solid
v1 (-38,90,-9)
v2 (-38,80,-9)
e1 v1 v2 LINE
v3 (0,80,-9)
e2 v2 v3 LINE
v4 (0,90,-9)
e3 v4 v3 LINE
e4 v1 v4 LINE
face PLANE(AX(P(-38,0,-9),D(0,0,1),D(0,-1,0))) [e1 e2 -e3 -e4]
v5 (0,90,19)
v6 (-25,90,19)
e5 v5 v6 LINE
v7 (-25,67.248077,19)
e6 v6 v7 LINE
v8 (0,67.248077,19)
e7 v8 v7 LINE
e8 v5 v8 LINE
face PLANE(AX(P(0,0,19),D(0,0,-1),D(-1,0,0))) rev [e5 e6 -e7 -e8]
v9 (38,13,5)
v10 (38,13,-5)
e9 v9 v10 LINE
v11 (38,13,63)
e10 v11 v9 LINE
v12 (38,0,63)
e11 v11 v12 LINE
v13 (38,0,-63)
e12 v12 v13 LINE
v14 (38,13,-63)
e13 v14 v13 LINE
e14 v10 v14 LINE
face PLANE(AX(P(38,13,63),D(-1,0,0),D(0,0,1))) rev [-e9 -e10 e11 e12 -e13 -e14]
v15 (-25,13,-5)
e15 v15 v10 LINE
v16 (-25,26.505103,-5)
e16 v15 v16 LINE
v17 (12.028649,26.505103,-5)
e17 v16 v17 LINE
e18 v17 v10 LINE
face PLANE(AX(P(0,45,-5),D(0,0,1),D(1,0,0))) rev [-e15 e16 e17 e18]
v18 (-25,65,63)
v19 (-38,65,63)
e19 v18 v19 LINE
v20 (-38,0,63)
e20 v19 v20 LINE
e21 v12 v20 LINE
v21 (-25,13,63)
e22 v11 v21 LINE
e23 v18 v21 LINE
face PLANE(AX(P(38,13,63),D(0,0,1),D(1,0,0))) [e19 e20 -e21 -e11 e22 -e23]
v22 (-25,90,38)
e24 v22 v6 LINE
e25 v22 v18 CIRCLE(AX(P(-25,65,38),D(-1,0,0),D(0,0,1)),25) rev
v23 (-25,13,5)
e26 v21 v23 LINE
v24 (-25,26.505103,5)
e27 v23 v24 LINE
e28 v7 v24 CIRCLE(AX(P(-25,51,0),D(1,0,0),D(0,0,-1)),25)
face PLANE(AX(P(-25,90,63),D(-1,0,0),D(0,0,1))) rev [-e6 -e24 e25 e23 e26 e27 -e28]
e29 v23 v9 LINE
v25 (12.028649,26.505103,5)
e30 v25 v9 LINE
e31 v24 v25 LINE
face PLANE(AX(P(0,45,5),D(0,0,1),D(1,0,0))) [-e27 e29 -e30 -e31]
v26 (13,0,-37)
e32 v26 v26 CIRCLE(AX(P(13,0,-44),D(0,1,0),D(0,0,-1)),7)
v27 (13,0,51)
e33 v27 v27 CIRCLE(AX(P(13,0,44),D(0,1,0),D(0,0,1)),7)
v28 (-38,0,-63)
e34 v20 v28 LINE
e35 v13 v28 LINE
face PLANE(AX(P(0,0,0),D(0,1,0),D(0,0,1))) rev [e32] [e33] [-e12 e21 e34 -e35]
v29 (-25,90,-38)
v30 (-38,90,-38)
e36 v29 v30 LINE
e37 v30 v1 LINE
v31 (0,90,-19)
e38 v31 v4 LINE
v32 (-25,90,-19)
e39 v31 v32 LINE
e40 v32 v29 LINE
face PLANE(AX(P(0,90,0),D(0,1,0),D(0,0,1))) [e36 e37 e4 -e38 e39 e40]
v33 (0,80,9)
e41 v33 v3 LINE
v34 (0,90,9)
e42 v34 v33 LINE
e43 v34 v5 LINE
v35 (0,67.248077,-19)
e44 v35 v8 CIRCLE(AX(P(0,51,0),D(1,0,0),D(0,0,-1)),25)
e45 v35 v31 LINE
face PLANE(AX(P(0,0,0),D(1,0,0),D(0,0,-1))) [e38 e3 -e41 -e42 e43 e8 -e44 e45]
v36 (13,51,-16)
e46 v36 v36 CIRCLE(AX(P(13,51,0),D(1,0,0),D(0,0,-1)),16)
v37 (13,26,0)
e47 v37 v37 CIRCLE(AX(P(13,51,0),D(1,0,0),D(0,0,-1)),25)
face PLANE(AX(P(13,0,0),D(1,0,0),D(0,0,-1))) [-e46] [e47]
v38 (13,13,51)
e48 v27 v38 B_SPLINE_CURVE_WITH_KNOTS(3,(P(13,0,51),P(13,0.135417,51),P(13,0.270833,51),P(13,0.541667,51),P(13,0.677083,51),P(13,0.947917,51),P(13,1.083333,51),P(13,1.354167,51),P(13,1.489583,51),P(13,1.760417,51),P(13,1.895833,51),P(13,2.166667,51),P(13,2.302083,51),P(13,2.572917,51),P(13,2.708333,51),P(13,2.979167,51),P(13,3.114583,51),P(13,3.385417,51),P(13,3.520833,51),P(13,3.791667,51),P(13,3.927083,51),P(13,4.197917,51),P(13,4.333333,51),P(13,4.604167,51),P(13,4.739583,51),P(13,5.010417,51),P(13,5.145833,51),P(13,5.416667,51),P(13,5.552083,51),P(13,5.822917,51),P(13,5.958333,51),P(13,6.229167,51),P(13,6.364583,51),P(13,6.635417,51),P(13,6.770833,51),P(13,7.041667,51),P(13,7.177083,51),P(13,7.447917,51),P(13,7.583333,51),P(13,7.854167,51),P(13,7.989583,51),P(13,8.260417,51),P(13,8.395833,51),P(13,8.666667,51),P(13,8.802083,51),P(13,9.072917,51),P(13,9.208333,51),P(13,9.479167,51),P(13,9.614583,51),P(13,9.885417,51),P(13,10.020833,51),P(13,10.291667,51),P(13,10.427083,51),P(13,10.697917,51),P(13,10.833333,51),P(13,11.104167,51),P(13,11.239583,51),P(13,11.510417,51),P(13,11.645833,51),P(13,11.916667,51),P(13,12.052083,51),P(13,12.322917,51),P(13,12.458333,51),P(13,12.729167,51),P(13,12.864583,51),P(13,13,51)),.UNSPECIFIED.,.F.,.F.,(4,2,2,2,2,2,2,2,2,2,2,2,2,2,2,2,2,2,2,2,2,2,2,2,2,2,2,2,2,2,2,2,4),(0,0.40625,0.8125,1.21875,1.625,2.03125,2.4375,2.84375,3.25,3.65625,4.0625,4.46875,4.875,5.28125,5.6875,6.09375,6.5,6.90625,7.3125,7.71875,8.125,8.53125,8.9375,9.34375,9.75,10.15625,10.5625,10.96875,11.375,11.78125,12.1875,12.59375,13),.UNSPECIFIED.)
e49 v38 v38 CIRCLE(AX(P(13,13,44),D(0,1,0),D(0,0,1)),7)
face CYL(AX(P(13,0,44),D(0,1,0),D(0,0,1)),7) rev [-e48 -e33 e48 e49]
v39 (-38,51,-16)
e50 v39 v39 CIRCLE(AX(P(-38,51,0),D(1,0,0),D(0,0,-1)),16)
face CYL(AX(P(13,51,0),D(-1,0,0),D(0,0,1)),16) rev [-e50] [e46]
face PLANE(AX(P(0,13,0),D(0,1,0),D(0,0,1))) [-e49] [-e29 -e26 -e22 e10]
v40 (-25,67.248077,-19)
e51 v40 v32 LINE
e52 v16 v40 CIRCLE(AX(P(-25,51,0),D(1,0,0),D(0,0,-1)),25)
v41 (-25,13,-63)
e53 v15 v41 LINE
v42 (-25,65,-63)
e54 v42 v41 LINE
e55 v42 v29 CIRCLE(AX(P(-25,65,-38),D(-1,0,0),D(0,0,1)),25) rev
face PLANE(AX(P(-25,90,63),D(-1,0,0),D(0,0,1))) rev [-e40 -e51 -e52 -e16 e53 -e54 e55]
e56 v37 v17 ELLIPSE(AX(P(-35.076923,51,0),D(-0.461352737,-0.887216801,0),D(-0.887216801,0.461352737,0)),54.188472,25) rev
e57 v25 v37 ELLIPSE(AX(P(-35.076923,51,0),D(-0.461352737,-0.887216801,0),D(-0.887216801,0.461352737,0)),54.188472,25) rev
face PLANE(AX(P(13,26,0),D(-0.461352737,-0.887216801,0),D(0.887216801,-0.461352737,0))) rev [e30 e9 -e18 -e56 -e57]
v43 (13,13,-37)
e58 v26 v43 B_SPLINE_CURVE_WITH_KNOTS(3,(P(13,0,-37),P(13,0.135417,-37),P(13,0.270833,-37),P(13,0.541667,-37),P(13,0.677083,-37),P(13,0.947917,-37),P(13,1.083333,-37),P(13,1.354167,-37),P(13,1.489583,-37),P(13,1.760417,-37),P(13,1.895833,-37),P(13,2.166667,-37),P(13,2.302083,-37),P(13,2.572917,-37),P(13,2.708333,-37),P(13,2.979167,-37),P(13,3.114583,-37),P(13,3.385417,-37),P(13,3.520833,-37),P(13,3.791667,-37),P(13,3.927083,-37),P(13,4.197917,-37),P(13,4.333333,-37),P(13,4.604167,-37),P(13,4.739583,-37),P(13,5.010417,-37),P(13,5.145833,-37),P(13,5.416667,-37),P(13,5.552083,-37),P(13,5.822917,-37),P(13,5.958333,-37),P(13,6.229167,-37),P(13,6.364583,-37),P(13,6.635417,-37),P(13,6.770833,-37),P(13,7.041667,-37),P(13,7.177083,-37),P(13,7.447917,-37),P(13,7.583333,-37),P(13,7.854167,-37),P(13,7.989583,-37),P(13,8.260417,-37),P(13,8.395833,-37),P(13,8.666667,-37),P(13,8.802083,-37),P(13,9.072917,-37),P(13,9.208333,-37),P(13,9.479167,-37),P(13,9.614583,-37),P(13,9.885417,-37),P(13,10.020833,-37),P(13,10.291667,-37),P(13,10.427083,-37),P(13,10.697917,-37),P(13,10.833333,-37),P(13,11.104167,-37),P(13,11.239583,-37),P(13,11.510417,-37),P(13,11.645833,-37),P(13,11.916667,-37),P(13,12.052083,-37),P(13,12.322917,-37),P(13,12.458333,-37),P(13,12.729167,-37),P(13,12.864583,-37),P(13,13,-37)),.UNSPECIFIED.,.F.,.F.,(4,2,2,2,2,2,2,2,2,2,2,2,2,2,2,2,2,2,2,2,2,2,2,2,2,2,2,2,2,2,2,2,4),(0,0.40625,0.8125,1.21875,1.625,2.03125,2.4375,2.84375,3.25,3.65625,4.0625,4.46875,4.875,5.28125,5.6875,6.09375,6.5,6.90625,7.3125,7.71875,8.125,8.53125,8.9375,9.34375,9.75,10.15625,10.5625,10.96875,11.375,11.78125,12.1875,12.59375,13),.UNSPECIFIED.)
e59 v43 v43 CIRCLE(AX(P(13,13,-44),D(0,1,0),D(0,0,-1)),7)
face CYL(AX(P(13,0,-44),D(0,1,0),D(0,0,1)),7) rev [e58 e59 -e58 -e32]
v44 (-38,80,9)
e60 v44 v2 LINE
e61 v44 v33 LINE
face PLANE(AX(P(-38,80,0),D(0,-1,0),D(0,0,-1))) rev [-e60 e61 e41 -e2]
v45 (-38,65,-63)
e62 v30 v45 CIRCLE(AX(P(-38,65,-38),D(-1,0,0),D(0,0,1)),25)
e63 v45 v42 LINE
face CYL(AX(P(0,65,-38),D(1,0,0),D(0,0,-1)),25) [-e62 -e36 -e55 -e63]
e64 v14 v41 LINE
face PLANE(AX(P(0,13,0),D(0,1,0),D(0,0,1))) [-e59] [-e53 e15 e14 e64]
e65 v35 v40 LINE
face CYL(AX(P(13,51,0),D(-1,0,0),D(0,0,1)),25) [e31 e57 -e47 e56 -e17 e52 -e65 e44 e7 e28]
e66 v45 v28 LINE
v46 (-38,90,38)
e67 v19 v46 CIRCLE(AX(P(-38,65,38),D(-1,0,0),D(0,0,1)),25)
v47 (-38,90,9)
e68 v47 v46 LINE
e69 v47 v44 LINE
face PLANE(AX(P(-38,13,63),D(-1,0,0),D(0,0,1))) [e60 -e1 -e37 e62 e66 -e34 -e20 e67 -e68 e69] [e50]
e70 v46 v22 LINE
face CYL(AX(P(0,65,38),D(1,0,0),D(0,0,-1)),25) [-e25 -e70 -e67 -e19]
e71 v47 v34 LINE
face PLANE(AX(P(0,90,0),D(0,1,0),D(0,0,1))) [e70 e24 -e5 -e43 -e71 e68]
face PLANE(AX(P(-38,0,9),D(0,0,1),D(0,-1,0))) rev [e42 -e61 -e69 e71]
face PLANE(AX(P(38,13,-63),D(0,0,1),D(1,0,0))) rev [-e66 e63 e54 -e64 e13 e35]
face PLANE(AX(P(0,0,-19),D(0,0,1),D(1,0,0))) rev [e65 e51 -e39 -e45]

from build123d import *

# Parameters (mm, degrees)
SKETCH1_W           = 76
SKETCH1_H           = 126
BOSS_EXTRUDE1_DEPTH = 13
SKETCH2_W           = 13
SKETCH2_H           = 126
BOSS_EXTRUDE2_DEPTH = 77
FILLET1_R           = 25
SKETCH3_W           = 18
SKETCH3_H           = 10
CUT_EXTRUDE1_DEPTH  = 127.641225515
BOSS_EXTRUDE3_DEPTH = 25
SKETCH3_4_R         = 16
BOSS_EXTRUDE4_DEPTH = 38
RIB1_REACH          = 118.245
SKETCH4_WALL_W      = 262.668865642
SKETCH4_WALL_H      = 10
SKETCH5_R           = 7
CUT_EXTRUDE2_DEPTH  = 107.498826285
SKETCH3_5_R         = 16
CUT_EXTRUDE3_DEPTH  = 127.641225515


with BuildPart() as part:
    # Sketch1 → Boss-Extrude1 (new body)
    with BuildSketch(Plane(origin=(0, 0, 0), x_dir=(1, 0, 0), z_dir=(0, 1, 0))):
        Rectangle(SKETCH1_W, SKETCH1_H)
    extrude(amount=BOSS_EXTRUDE1_DEPTH)

    # Sketch2 → Boss-Extrude2 (add)
    with BuildSketch(Plane(origin=(0, 13, 0), x_dir=(1, 0, 0), z_dir=(0, 1, 0))):
        with Locations((-31.5, 0)):
            Rectangle(SKETCH2_W, SKETCH2_H)
    extrude(amount=BOSS_EXTRUDE2_DEPTH)

    # Fillet1
    fillet1_edges = [part.edges().sort_by_distance(p)[0] for p in [
        (-31.5, 90, -63),
        (-31.5, 90, 63),
    ]]
    fillet(fillet1_edges, radius=FILLET1_R)

    # Sketch3 → Cut-Extrude1 (cut, through all)
    with BuildSketch(Plane(origin=(-25, 0, 0), x_dir=(0, 0, -1), z_dir=(1, 0, 0))):
        with Locations((0, 85)):
            Rectangle(SKETCH3_W, SKETCH3_H)
    extrude(amount=-CUT_EXTRUDE1_DEPTH, mode=Mode.SUBTRACT)

    # Sketch3<3> → Boss-Extrude3 (add)
    with BuildSketch(Plane(origin=(-25, 0, 0), x_dir=(0, 0, -1), z_dir=(1, 0, 0))):
        with BuildLine():
            Line((-9, 80), (-9, 90))
            Line((-9, 90), (-19, 90))
            Line((-19, 90), (-19, 67.248076809))
            ThreePointArc((-19, 67.248076809), (0, 76), (19, 67.248076809))
            Line((19, 67.248076809), (19, 90))
            Line((19, 90), (9, 90))
            Line((9, 90), (9, 80))
            Line((9, 80), (-9, 80))
        make_face()
    extrude(amount=BOSS_EXTRUDE3_DEPTH)

    # Sketch3<4> → Boss-Extrude4 (add)
    with BuildSketch(Plane(origin=(-25, 0, 0), x_dir=(0, 0, -1), z_dir=(1, 0, 0))):
        with BuildLine():
            ThreePointArc((19, 67.248076809), (0, 76), (-19, 67.248076809))
            ThreePointArc((-19, 67.248076809), (-8.660254038, 27.547921201), (25, 51))
            ThreePointArc((25, 51), (23.452078799, 59.660254038), (19, 67.248076809))
        make_face()
        with Locations((0, 51)):
            Circle(SKETCH3_4_R, mode=Mode.SUBTRACT)
    extrude(amount=BOSS_EXTRUDE4_DEPTH)

    # Sketch4 wall → Rib1 (add, up to next)
    with BuildSketch(Plane(origin=(25.5, 19.5, 0), x_dir=(0.887216801235, -0.461352736642, 0), z_dir=(0.461352736642, 0.887216801235, 0)), mode=Mode.PRIVATE) as rib1_sk1:
        Rectangle(SKETCH4_WALL_W, SKETCH4_WALL_H)
    rib1_tool1 = extrude(rib1_sk1.sketch, amount=-RIB1_REACH, mode=Mode.PRIVATE) - part.part
    add(rib1_tool1.solids().sort_by_distance((25.5, 19.5, 0))[0])

    # Sketch5 → Cut-Extrude2 (cut, through all)
    with BuildSketch(Plane(origin=(0, 13, 0), x_dir=(1, 0, 0), z_dir=(0, 1, 0))):
        with Locations((13, -44)):
            Circle(SKETCH5_R)
        with Locations((13, 44)):
            Circle(SKETCH5_R)
    extrude(amount=-CUT_EXTRUDE2_DEPTH, mode=Mode.SUBTRACT)

    # Sketch3<5> → Cut-Extrude3 (cut, through all)
    with BuildSketch(Plane(origin=(-25, 0, 0), x_dir=(0, 0, -1), z_dir=(1, 0, 0))):
        with Locations((0, 51)):
            Circle(SKETCH3_5_R)
    extrude(amount=-CUT_EXTRUDE3_DEPTH, mode=Mode.SUBTRACT)


solid = part.part
